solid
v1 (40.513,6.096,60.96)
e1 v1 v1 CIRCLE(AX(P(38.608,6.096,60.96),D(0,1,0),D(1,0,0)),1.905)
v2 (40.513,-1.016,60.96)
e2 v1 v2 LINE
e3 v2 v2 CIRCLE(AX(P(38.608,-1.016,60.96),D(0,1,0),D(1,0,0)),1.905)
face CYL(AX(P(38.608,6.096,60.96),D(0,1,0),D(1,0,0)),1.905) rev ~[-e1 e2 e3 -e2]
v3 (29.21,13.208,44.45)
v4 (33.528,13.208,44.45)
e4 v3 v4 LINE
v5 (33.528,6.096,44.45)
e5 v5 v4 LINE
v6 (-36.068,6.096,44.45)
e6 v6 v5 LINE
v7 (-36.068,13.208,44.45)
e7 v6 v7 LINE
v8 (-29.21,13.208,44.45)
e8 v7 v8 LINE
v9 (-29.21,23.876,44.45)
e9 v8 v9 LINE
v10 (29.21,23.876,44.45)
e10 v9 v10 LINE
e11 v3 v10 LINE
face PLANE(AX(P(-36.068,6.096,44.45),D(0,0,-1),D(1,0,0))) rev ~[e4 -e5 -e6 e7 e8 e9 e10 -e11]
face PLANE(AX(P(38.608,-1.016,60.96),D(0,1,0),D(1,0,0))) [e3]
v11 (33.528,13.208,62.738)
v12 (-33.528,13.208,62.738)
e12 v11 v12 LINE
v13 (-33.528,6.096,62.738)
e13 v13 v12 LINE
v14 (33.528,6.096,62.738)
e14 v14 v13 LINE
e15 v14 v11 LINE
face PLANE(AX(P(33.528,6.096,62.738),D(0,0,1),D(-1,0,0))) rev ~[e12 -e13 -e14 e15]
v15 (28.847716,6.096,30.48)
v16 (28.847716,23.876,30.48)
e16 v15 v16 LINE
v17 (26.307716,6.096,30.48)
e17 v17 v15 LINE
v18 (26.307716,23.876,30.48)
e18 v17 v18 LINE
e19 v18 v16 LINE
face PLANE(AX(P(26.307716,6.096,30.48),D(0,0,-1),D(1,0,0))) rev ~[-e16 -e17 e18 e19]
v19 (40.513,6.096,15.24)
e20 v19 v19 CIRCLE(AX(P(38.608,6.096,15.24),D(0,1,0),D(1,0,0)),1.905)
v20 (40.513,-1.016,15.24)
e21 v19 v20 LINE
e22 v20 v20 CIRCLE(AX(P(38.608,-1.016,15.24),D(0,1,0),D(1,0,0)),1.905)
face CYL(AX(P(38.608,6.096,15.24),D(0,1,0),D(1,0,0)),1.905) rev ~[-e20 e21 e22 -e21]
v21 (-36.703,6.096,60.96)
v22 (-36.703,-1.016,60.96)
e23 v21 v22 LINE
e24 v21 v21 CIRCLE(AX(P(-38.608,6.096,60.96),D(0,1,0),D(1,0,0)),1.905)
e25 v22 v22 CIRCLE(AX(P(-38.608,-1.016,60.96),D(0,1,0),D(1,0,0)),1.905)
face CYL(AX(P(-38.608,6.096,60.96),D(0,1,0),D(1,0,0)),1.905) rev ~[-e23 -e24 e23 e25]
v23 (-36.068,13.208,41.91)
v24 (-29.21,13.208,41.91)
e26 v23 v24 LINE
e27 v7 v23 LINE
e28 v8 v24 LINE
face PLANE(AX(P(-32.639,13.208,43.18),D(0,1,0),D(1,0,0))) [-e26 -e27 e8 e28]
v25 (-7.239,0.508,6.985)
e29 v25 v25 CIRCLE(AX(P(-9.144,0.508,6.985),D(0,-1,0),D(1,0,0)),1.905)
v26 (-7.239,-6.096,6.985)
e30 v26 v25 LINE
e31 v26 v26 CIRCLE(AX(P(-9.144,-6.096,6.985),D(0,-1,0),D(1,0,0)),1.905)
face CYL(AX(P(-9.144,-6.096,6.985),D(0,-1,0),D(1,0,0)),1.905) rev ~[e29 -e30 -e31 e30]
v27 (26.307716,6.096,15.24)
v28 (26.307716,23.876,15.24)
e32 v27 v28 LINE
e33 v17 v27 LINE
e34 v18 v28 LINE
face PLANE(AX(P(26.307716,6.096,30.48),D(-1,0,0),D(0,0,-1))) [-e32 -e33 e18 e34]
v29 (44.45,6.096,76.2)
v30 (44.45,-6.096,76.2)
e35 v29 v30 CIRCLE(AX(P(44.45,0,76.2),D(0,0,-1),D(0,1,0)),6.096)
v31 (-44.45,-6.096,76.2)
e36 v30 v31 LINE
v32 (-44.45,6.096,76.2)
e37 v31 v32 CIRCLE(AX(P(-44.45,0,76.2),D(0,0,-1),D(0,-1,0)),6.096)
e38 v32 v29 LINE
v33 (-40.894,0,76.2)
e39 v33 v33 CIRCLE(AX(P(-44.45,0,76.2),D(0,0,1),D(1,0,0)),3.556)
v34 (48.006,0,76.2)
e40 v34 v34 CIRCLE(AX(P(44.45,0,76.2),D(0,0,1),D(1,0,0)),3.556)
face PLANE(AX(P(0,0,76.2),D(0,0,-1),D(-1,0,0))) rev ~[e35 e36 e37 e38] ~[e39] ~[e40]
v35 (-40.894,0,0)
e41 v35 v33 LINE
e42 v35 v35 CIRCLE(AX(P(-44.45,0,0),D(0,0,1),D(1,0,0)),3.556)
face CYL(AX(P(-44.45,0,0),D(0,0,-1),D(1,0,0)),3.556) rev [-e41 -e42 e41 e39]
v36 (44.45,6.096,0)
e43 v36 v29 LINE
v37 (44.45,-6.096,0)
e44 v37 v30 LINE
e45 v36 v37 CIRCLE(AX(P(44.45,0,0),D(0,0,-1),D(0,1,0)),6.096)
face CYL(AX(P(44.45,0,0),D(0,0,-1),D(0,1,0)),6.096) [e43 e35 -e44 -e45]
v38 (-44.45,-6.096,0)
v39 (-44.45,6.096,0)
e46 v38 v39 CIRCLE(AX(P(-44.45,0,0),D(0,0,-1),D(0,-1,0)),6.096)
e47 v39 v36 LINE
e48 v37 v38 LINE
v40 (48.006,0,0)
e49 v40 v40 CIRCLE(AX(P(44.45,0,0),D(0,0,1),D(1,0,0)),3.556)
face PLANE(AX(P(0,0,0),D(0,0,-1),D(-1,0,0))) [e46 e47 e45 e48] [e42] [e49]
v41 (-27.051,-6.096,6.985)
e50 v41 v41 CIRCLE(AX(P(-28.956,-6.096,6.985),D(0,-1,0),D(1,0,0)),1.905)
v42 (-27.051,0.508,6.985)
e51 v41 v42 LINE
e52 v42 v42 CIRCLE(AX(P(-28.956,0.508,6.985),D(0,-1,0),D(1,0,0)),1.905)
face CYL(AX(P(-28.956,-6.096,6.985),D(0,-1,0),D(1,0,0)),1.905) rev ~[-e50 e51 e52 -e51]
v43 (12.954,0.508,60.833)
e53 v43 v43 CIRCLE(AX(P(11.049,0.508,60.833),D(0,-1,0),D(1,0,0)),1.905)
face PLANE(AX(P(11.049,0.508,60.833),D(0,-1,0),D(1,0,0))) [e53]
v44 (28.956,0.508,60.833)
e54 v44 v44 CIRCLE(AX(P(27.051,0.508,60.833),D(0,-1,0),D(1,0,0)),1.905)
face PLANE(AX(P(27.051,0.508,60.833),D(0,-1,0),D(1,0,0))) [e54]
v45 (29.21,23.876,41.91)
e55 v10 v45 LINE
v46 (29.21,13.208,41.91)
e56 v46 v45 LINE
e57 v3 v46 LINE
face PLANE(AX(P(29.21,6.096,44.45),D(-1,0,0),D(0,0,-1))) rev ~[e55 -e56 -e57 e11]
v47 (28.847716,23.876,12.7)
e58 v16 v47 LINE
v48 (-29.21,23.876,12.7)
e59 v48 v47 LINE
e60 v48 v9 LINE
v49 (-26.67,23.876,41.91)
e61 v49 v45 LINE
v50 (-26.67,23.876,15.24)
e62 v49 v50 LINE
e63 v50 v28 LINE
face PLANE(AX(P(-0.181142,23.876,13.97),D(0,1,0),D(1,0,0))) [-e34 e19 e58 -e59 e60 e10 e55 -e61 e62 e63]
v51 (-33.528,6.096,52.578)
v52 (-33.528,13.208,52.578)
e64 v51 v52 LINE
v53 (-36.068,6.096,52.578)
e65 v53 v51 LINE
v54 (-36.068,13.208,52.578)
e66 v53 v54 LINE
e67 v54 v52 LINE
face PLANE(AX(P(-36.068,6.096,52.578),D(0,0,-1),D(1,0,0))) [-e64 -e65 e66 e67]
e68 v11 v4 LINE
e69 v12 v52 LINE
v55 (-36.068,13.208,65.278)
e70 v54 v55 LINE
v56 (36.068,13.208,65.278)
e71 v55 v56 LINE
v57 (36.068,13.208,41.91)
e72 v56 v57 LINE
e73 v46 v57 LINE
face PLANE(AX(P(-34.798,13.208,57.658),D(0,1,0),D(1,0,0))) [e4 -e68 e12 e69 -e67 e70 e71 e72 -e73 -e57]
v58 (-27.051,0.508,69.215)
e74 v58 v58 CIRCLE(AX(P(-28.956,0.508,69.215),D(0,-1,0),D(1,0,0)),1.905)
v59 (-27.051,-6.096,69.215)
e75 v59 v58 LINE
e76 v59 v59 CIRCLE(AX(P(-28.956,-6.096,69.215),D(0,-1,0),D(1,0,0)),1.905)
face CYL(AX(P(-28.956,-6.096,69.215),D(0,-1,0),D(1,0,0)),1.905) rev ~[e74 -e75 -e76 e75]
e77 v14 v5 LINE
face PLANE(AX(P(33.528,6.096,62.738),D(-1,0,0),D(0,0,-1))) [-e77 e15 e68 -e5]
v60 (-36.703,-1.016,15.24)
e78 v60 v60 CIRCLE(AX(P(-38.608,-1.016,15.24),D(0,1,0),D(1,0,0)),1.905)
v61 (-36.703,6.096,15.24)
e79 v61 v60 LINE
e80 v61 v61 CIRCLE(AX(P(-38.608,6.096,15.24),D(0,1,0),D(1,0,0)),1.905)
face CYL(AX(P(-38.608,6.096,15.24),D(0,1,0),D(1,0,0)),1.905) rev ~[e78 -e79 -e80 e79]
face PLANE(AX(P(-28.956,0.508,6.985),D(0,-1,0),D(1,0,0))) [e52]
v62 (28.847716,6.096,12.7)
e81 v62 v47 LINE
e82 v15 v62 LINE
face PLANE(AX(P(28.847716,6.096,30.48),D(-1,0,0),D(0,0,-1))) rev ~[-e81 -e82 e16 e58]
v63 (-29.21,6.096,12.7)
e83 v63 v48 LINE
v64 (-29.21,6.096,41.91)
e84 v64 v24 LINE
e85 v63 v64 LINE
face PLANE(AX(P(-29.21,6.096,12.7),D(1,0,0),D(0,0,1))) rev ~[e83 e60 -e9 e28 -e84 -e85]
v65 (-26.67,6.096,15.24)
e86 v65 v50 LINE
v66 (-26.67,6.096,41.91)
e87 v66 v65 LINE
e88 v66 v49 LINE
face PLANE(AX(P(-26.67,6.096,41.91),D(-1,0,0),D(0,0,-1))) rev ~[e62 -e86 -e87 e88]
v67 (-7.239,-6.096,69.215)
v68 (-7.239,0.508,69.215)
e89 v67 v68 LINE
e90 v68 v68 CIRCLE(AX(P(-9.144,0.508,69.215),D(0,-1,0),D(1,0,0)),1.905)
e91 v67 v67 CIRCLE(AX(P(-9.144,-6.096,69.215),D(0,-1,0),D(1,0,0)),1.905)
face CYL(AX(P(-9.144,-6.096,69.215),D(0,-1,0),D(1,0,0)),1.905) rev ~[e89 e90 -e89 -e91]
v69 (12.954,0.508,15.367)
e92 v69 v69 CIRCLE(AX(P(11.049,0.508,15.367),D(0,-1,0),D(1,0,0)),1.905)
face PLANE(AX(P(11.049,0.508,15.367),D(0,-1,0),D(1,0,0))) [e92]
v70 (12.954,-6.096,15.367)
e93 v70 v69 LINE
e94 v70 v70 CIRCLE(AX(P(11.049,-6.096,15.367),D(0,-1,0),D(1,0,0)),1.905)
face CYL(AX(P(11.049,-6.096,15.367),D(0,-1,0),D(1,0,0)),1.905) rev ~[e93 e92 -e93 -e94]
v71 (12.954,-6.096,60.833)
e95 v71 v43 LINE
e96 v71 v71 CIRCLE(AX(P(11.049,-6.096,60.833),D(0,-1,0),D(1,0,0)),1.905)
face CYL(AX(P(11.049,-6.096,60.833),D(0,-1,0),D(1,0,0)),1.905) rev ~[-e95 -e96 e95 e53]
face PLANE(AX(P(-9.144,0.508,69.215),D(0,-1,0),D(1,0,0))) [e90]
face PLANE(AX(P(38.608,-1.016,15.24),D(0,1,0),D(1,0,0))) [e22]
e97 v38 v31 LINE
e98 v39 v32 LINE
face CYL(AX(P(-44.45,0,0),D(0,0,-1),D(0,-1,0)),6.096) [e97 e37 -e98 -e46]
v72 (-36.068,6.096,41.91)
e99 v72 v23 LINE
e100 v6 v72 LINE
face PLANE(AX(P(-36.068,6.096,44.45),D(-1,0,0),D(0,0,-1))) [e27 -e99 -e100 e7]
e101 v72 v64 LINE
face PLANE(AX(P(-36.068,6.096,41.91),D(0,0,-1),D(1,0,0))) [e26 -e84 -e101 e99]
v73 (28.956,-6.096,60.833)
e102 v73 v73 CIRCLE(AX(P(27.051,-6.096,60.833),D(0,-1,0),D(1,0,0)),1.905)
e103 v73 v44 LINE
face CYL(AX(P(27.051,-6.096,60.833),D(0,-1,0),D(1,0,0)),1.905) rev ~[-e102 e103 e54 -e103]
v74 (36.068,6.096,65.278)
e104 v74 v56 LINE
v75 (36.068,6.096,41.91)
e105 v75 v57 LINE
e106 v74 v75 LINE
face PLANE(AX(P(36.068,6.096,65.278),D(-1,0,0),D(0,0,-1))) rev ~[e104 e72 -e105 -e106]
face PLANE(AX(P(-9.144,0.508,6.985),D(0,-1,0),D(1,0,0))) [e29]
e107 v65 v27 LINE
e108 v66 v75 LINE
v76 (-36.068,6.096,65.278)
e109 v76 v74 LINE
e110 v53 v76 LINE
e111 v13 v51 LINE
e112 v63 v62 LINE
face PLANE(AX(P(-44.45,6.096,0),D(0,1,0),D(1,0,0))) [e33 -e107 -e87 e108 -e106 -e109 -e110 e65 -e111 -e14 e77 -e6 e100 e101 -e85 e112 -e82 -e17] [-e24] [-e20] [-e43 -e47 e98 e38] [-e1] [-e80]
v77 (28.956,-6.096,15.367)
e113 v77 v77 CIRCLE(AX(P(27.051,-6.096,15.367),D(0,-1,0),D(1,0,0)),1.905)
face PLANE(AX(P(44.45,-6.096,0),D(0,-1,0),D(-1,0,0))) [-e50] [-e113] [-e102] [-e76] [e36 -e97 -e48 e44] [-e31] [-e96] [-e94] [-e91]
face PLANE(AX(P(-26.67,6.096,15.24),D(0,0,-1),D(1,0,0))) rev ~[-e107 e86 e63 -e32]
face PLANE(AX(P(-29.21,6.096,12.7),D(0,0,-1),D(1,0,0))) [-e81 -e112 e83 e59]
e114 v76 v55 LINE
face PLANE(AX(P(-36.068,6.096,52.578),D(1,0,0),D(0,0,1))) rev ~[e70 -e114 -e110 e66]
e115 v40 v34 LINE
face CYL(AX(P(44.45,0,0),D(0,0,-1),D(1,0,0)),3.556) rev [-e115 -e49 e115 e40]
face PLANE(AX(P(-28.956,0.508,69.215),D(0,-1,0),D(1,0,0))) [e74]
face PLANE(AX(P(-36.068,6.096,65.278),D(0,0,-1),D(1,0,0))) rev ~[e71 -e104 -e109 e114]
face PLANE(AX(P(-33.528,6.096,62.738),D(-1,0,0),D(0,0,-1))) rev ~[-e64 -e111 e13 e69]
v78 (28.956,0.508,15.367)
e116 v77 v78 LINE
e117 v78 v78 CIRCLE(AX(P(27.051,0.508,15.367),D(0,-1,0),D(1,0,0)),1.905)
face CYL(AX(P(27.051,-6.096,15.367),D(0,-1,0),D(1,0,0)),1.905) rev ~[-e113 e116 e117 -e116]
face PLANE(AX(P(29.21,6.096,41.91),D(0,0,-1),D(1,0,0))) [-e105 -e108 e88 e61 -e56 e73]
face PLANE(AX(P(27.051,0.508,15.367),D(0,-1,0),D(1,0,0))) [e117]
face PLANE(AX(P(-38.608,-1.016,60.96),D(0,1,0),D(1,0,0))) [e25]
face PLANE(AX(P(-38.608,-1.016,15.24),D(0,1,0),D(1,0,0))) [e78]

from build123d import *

# Parameters (mm, degrees)
SKETCH1_R           = 3.556
BOSS_EXTRUDE1_DEPTH = 76.2
SKETCH2_R           = 1.905
CUT_EXTRUDE1_DEPTH  = 6.604
SKETCH3_W           = 58.057716114
SKETCH3_H           = 2.54
SKETCH3_W_2         = 2.54
SKETCH3_H_2         = 26.67
SKETCH3_W_3         = 58.42
SKETCH3_H_3         = 15.24
BOSS_EXTRUDE2_DEPTH = 17.78
SKETCH4_W           = 6.858
SKETCH4_H           = 2.54
SKETCH4_W_2         = 2.54
SKETCH4_H_2         = 10.16
SKETCH4_H_3         = 18.288
BOSS_EXTRUDE3_DEPTH = 7.112
SKETCH5_R           = 1.905
CUT_EXTRUDE2_DEPTH  = 7.112


with BuildPart() as part:
    # Sketch1 → Boss-Extrude1 (new body)
    with BuildSketch(Plane.XY):
        with BuildLine():
            Line((-44.45, 6.096), (44.45, 6.096))
            ThreePointArc((44.45, 6.096), (50.546, 0), (44.45, -6.096))
            Line((44.45, -6.096), (-44.45, -6.096))
            ThreePointArc((-44.45, -6.096), (-50.546, 0), (-44.45, 6.096))
        make_face()
        with Locations((-44.45, 0)):
            Circle(SKETCH1_R, mode=Mode.SUBTRACT)
        with Locations((44.45, 0)):
            Circle(SKETCH1_R, mode=Mode.SUBTRACT)
    extrude(amount=BOSS_EXTRUDE1_DEPTH)

    # Sketch2 → Cut-Extrude1 (cut)
    with BuildSketch(Plane.XZ.offset(6.096)):
        with Locations((-9.144, 69.215)):
            Circle(SKETCH2_R)
        with Locations((27.051, 60.833)):
            Circle(SKETCH2_R)
        with Locations((-28.956, 69.215)):
            Circle(SKETCH2_R)
        with Locations((-28.956, 6.985)):
            Circle(SKETCH2_R)
        with Locations((-9.144, 6.985)):
            Circle(SKETCH2_R)
        with Locations((11.049, 60.833)):
            Circle(SKETCH2_R)
        with Locations((11.049, 15.367)):
            Circle(SKETCH2_R)
        with Locations((27.051, 15.367)):
            Circle(SKETCH2_R)
    extrude(amount=-CUT_EXTRUDE1_DEPTH, mode=Mode.SUBTRACT)

    # Sketch3 → Boss-Extrude2 (add)
    with BuildSketch(Plane(origin=(0, 6.096, 0), x_dir=(1, 0, 0), z_dir=(0, 1, 0))):
        with Locations((-0.181141943, -13.97)):
            Rectangle(SKETCH3_W, SKETCH3_H)
        with Locations((-27.94, -28.575)):
            Rectangle(SKETCH3_W_2, SKETCH3_H_2)
        with Locations((0, -43.18)):
            Rectangle(SKETCH3_W_3, SKETCH3_H)
        with Locations((27.577716114, -22.86)):
            Rectangle(SKETCH3_W_2, SKETCH3_H_3)
    extrude(amount=BOSS_EXTRUDE2_DEPTH)

    # Sketch4 → Boss-Extrude3 (add)
    with BuildSketch(Plane(origin=(0, 6.096, 0), x_dir=(1, 0, 0), z_dir=(0, 1, 0))):
        with Locations((-32.639, -43.18)):
            Rectangle(SKETCH4_W, SKETCH4_H)
        with Locations((-34.798, -57.658)):
            Rectangle(SKETCH4_W_2, SKETCH4_H_2)
        Polygon((36.068, -62.738), (33.528, -62.738), (-33.528, -62.738), (-36.068, -62.738), (-36.068, -65.278), (36.068, -65.278), align=None)
        with Locations((34.798, -53.594)):
            Rectangle(SKETCH4_W_2, SKETCH4_H_3)
        with Locations((32.639, -43.18)):
            Rectangle(SKETCH4_W, SKETCH4_H)
    extrude(amount=BOSS_EXTRUDE3_DEPTH)

    # Sketch5 → Cut-Extrude2 (cut)
    with BuildSketch(Plane(origin=(0, 6.096, 0), x_dir=(1, 0, 0), z_dir=(0, 1, 0))):
        with Locations((38.608, -60.96)):
            Circle(SKETCH5_R)
        with Locations((-38.608, -60.96)):
            Circle(SKETCH5_R)
        with Locations((-38.608, -15.24)):
            Circle(SKETCH5_R)
        with Locations((38.608, -15.24)):
            Circle(SKETCH5_R)
    extrude(amount=-CUT_EXTRUDE2_DEPTH, mode=Mode.SUBTRACT)


solid = part.part
